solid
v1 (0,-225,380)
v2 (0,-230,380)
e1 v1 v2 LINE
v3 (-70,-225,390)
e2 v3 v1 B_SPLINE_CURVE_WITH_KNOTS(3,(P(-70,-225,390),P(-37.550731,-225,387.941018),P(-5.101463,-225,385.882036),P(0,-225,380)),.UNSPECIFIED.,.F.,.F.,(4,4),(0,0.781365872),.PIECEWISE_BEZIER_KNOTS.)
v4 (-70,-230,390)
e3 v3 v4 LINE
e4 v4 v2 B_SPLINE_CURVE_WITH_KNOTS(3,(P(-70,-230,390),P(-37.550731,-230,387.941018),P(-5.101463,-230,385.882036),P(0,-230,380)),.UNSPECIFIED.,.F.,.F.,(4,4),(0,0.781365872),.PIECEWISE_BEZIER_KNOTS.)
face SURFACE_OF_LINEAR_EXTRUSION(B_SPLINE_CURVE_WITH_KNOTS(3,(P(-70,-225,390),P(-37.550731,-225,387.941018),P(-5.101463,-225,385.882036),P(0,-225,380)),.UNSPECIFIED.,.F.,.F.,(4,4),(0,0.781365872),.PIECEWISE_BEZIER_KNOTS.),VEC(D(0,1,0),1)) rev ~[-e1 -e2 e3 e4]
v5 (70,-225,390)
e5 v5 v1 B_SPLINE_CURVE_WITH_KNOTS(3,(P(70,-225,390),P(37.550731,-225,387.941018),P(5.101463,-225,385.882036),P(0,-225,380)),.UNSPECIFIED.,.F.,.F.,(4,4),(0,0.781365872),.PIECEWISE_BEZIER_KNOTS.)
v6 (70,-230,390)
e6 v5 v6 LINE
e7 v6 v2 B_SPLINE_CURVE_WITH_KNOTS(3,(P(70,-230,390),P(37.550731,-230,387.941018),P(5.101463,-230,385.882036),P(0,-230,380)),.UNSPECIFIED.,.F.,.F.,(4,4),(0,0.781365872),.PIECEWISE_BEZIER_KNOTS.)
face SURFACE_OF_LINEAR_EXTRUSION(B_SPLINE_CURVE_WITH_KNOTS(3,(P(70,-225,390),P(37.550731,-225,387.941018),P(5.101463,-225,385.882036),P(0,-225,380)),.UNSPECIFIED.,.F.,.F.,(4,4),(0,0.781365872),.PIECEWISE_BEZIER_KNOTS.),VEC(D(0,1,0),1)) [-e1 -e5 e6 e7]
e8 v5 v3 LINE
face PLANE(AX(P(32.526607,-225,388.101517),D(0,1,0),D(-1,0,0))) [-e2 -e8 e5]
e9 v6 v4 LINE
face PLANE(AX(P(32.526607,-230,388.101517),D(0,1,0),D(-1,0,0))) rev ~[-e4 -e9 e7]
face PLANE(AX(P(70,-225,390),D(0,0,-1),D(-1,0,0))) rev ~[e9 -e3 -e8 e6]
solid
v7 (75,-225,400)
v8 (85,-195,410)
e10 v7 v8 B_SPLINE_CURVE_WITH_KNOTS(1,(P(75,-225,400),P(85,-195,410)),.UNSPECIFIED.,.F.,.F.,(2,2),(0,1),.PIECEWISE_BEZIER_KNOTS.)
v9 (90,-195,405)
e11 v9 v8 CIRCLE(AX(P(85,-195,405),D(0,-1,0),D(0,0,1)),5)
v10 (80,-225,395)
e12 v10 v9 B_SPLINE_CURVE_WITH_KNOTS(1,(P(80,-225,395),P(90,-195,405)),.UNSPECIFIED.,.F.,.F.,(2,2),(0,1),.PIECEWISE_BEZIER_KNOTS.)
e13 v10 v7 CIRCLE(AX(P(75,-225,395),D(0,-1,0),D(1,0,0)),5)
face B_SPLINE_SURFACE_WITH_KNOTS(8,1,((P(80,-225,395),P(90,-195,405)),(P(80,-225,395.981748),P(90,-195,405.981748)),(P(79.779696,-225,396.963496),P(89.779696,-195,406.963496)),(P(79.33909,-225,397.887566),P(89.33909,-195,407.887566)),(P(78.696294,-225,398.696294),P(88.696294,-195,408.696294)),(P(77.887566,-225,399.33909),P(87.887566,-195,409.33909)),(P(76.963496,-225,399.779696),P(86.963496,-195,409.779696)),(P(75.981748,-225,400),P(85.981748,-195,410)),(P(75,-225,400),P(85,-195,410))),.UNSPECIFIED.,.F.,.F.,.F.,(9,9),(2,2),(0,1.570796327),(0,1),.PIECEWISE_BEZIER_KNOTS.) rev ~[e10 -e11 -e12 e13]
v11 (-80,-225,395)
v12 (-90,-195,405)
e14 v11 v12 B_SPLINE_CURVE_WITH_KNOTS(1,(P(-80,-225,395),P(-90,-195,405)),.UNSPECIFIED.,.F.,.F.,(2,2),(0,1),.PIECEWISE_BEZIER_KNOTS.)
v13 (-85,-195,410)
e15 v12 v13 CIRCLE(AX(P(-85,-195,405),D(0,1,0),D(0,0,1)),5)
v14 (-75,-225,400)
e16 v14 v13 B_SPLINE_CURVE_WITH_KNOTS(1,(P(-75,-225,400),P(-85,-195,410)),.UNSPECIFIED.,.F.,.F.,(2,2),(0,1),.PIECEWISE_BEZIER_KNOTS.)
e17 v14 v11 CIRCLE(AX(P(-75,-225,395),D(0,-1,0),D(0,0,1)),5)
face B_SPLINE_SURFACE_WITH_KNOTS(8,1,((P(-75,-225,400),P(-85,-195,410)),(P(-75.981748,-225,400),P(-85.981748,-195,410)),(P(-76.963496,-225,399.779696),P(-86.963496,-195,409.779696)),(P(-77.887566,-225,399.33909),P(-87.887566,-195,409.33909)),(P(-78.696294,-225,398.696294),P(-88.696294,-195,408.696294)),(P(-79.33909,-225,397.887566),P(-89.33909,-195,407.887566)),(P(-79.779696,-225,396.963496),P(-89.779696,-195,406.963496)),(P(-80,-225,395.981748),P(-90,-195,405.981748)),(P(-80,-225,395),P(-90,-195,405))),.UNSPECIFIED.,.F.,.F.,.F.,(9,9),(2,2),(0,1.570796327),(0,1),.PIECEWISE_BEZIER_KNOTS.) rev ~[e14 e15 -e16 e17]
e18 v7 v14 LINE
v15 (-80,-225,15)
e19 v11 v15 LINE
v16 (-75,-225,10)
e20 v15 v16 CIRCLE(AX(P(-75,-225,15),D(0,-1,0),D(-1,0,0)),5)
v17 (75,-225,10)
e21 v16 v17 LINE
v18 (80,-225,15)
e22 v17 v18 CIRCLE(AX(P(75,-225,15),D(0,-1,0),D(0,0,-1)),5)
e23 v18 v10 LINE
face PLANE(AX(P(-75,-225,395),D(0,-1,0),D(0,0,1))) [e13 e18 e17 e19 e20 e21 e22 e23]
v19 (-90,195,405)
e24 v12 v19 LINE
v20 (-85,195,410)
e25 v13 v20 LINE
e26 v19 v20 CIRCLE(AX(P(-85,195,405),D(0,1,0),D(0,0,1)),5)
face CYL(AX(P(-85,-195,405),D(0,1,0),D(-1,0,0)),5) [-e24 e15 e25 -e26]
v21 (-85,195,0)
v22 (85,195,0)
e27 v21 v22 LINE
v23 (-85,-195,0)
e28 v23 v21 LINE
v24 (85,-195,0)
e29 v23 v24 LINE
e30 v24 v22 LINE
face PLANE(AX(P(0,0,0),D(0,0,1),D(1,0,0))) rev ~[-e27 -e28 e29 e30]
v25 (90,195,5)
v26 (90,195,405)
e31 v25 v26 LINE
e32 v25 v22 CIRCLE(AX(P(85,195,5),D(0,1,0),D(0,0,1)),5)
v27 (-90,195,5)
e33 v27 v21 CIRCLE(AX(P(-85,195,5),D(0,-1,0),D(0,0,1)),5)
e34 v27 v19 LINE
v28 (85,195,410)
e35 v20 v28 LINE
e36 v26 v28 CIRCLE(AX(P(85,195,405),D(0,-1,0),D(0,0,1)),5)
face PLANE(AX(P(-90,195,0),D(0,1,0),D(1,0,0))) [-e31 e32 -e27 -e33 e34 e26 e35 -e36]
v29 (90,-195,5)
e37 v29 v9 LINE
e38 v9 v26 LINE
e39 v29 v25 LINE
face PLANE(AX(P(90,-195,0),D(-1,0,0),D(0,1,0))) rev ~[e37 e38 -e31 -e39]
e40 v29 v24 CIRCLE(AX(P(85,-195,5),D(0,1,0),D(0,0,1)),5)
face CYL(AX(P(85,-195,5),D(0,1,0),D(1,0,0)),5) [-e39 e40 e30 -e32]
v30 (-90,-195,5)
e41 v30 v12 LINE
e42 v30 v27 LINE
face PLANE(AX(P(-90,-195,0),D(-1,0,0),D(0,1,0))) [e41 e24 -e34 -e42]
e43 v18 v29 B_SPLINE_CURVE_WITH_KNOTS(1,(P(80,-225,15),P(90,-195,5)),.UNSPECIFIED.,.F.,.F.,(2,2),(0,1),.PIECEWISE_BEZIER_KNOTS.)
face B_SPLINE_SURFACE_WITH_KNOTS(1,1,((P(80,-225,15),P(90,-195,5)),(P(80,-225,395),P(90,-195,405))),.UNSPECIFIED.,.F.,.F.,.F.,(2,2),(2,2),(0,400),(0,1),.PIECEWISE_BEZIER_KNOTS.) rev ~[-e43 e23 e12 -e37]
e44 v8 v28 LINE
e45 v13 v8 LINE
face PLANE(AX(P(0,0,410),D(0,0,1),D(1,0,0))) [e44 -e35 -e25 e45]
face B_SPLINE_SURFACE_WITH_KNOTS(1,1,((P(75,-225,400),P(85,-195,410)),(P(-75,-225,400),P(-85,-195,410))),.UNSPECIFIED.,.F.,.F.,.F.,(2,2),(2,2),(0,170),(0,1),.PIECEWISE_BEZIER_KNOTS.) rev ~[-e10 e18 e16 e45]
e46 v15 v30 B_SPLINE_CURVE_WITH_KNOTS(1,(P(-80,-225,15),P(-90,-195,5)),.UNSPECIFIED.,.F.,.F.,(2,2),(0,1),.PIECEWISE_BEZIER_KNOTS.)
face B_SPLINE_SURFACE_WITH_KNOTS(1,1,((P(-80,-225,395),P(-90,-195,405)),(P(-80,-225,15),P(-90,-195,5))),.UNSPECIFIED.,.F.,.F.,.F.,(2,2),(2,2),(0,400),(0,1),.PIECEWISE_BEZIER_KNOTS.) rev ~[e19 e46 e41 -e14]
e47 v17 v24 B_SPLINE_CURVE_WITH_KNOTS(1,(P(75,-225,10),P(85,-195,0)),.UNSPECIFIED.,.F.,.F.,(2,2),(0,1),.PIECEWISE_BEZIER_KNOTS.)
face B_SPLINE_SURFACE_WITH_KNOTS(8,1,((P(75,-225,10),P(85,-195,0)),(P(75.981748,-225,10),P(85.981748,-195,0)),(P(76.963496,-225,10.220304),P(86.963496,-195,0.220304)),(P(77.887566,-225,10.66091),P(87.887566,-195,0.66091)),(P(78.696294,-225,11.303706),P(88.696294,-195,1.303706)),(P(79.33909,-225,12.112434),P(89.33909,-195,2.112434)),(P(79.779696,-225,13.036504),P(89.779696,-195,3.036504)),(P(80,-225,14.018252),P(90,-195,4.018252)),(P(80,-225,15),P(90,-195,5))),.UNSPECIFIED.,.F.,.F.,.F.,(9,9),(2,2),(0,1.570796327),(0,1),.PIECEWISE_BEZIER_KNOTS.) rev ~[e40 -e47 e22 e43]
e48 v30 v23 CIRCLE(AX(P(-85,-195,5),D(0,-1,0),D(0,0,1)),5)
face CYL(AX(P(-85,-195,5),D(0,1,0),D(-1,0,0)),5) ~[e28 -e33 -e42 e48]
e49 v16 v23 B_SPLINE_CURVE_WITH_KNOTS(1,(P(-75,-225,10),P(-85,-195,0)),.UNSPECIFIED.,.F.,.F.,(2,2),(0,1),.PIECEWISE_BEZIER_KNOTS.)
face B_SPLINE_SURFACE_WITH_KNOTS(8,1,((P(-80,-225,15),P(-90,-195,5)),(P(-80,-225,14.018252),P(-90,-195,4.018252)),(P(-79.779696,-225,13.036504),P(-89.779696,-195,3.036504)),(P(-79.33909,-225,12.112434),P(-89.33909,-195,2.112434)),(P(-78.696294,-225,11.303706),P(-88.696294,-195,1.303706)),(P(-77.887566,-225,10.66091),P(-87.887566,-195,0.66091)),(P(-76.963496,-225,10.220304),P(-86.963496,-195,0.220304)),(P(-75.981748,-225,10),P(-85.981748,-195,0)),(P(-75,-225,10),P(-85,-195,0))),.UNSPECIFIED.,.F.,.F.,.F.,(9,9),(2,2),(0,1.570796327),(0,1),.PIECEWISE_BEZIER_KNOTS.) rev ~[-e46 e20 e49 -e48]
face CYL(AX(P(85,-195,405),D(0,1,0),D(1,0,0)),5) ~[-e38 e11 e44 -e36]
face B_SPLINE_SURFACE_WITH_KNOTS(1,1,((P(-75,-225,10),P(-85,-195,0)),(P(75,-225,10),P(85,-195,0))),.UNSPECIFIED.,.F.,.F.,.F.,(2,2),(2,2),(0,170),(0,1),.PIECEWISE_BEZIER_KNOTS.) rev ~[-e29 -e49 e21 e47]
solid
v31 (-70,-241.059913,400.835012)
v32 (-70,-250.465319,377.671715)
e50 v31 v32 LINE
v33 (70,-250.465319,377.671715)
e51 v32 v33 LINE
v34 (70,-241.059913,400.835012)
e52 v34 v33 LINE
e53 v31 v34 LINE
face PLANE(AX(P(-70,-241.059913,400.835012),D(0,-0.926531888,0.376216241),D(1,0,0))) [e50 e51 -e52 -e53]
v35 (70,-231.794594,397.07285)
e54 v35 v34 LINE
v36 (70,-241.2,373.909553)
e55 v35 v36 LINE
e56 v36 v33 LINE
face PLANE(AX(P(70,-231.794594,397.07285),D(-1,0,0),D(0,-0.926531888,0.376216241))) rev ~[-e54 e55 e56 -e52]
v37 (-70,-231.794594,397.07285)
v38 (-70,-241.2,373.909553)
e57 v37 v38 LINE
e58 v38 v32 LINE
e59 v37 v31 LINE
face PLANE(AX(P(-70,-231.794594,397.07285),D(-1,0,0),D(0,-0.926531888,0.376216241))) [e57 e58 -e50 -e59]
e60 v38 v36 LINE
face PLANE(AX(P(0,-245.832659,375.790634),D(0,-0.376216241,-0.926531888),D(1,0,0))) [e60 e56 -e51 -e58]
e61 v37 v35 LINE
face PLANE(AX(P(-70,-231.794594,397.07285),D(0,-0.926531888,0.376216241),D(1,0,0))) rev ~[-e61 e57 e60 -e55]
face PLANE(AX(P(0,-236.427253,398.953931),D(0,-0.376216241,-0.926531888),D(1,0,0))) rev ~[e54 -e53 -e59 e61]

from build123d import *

# Parameters (mm, degrees)
F0_W      = 180
F0_H      = 390
F1_DEPTH  = 410
F2_R      = 5
F8_DEPTH  = 5
F7_W      = 140
F7_H      = 10
F9_DEPTH  = 25
F10_ANGLE = 67.9004960609


with BuildPart() as f1:
    # F0 (on Top) → F1 (new body)
    with BuildSketch(Plane.XY):
        Rectangle(F0_W, F0_H)
    extrude(amount=F1_DEPTH)

    # F2
    f2_edges = [f1.edges().sort_by_distance(p)[0] for p in [
        (90, 0, 410),
        (-90, 0, 410),
        (90, 0, 0),
        (-90, 0, 0),
    ]]
    fillet(f2_edges, radius=F2_R)

    # F4 (on offset) → F6 section 0
    with BuildSketch(Plane.XZ.offset(225)):
        with BuildLine():
            Line((75, 400), (-75, 400))
            ThreePointArc((-75, 400), (-78.5355339059, 398.5355339059), (-80, 395))
            Line((-80, 395), (-80, 15))
            ThreePointArc((-80, 15), (-78.5355339059, 11.4644660941), (-75, 10))
            Line((-75, 10), (75, 10))
            ThreePointArc((75, 10), (78.5355339059, 11.4644660941), (80, 15))
            Line((80, 15), (80, 395))
            ThreePointArc((80, 395), (78.5355339059, 398.5355339059), (75, 400))
        make_face()
    # F5 (on face) → F6 section 1
    with BuildSketch(Plane.XZ.offset(195)):
        with BuildLine():
            Line((85, 410), (-85, 410))
            ThreePointArc((-85, 410), (-88.5355339059, 408.5355339059), (-90, 405))
            Line((-90, 405), (-90, 5))
            ThreePointArc((-90, 5), (-88.5355339059, 1.4644660941), (-85, 0))
            Line((-85, 0), (85, 0))
            ThreePointArc((85, 0), (88.5355339059, 1.4644660941), (90, 5))
            Line((90, 5), (90, 405))
            ThreePointArc((90, 405), (88.5355339059, 408.5355339059), (85, 410))
        make_face()
    loft()


with BuildPart() as f8:
    # F7 (on face) → F8 (new body)
    with BuildSketch(Plane.XZ.offset(225)):
        with BuildLine():
            add(Edge.make_bspline(
                [(70, 390), (37.5507314975, 387.9410181266), (5.1014629951, 385.8820362533), (0, 380)],
                knots=[0, 0, 0, 0, 0.7813658716, 0.7813658716, 0.7813658716, 0.7813658716], degree=3))
            Line((70, 390), (0, 390))
            Line((0, 390), (0, 380))
        make_face()
        with BuildLine():
            Line((0, 380), (0, 390))
            Line((0, 390), (-70, 390))
            add(Edge.make_bspline(
                [(-70, 390), (-37.5507314975, 387.9410181266), (-5.1014629951, 385.8820362533), (0, 380)],
                knots=[0, 0, 0, 0, 0.7813658716, 0.7813658716, 0.7813658716, 0.7813658716], degree=3))
        make_face()
    extrude(amount=F8_DEPTH)


with BuildPart() as f9:
    # F7 (on face) → F9 (new body)
    with BuildSketch(Plane.XZ.offset(225)):
        with Locations((0, 342.2095525265)):
            Rectangle(F7_W, F7_H)
    extrude(amount=F9_DEPTH)


with BuildPart() as f9_1:
    # F10: moved
    add(f9.part.rotate(Axis((0, -250, 337.2095525265), (1, 0, 0)), F10_ANGLE))


with BuildPart() as f9_2:
    # F11: moved
    add(f9_1.part.moved(Location((0, 8.8, 36.7))))


solid = Compound([f1.part, f8.part, f9_2.part])
